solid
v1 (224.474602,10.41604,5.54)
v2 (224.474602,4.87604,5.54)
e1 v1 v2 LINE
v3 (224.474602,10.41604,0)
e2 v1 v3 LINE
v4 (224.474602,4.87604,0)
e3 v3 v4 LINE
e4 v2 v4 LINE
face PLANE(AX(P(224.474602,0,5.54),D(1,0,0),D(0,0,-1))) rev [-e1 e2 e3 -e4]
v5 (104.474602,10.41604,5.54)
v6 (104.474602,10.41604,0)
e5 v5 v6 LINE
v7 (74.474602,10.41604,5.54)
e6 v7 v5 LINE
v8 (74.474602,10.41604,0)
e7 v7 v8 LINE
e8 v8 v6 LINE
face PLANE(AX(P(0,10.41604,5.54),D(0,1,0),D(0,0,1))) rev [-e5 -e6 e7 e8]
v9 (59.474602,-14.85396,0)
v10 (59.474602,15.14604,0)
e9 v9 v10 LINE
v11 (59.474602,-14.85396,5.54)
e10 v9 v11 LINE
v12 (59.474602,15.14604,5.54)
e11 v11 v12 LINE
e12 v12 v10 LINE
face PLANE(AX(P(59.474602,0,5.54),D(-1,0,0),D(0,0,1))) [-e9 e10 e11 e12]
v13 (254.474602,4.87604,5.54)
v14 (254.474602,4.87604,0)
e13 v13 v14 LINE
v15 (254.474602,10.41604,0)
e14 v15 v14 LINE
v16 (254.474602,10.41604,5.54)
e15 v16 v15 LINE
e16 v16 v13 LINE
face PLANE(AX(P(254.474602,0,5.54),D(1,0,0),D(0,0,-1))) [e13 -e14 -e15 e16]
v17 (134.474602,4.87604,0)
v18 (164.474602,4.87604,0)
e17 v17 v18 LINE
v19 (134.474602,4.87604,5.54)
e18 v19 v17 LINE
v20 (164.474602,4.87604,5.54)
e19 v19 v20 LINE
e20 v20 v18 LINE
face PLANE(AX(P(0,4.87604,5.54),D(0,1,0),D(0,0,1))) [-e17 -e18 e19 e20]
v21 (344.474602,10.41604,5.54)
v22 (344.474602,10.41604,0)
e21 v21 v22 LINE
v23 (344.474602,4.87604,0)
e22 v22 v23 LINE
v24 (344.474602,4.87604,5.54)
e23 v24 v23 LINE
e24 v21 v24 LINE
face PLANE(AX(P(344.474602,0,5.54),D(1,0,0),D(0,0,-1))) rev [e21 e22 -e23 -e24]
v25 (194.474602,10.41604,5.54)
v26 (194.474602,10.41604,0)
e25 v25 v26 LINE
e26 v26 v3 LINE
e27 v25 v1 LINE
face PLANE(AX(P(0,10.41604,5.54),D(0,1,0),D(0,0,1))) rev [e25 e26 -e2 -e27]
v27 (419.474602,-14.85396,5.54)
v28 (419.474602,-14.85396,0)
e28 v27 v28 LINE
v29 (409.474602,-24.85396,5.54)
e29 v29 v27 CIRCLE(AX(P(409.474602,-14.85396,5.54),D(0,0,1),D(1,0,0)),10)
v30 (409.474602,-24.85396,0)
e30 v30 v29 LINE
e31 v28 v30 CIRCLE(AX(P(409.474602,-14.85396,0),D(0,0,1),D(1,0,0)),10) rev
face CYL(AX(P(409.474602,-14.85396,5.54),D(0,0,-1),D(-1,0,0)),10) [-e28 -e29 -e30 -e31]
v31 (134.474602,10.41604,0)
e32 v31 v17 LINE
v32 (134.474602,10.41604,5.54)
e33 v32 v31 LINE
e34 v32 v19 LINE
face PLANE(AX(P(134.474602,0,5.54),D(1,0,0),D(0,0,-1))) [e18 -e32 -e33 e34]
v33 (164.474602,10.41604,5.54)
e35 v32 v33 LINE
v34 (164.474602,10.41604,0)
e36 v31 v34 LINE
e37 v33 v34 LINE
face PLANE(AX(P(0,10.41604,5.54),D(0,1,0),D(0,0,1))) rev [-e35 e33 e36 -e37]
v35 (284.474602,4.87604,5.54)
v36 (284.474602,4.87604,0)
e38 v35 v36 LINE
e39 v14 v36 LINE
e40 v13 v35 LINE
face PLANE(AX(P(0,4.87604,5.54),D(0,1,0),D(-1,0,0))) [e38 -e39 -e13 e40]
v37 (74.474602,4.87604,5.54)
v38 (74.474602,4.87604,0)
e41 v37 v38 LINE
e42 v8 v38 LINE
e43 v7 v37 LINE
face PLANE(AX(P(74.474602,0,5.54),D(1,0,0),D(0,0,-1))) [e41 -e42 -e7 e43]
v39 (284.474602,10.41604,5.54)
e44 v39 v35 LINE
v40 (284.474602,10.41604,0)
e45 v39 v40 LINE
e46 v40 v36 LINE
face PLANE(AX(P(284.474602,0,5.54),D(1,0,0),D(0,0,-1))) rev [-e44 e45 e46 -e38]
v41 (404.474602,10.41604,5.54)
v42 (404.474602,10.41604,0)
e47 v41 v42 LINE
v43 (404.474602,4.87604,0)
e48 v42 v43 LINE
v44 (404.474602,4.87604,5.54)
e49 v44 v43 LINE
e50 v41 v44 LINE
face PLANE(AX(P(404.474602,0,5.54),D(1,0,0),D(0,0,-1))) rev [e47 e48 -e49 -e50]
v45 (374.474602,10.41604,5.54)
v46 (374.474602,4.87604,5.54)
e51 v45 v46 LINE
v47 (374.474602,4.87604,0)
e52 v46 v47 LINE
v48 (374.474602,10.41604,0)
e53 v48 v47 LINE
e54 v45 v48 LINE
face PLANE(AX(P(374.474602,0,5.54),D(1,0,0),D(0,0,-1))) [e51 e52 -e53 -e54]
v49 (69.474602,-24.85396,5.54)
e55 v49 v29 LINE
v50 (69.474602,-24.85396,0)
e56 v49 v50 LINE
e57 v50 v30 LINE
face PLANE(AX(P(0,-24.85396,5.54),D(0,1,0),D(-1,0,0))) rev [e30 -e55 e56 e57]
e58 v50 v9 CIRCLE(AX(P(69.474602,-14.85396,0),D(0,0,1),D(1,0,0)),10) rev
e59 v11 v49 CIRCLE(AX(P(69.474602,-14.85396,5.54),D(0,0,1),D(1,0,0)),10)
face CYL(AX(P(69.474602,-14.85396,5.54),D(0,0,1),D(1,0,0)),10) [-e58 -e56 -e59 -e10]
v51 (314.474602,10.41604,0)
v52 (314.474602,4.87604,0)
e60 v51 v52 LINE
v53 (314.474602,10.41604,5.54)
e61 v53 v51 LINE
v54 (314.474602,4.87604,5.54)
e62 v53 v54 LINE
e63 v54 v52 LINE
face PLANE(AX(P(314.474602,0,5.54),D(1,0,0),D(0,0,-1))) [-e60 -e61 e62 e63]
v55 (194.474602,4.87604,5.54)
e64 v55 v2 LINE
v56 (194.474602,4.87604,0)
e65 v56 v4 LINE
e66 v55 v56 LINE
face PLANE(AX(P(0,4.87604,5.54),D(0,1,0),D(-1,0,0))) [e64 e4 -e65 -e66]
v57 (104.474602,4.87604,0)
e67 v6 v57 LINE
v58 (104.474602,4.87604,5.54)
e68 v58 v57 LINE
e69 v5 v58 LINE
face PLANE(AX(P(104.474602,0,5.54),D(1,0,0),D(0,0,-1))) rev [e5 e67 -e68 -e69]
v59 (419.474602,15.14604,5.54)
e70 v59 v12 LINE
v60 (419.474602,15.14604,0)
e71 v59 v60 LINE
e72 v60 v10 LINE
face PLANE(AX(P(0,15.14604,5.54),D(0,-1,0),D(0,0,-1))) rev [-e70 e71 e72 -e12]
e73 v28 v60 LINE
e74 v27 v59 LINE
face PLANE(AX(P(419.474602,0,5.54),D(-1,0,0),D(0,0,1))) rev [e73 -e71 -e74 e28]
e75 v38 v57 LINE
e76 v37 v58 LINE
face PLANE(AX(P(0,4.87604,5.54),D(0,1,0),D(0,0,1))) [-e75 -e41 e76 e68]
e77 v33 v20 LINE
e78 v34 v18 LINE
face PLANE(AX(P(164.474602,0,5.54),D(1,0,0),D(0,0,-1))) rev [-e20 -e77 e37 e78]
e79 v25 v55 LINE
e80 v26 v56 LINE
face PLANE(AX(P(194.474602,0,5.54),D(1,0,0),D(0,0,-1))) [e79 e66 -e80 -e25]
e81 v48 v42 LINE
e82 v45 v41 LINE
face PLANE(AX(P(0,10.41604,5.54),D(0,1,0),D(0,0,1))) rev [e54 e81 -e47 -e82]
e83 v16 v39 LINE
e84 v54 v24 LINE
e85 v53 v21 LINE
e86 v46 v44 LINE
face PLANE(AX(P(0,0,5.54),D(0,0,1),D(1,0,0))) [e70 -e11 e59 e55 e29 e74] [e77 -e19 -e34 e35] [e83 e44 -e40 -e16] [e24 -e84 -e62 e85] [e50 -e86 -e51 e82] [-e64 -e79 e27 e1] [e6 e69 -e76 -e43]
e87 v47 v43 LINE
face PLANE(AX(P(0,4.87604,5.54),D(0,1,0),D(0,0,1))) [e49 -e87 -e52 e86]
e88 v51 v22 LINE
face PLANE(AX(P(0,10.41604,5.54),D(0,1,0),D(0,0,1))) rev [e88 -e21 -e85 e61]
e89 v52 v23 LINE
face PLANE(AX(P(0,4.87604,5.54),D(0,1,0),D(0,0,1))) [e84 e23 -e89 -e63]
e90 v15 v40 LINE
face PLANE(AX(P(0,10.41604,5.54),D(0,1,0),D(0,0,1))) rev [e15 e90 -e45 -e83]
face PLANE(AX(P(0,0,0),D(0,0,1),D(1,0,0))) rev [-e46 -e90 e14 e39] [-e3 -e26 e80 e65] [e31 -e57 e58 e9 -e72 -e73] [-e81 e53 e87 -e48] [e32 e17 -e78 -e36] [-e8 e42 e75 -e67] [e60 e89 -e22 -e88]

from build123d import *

# Parameters (mm, degrees)
SKETCH2_W           = 360
SKETCH2_H           = 40
SKETCH2_W_2         = 30
SKETCH2_H_2         = 5.54
BOSS_EXTRUDE1_DEPTH = 5.54
FILLET1_R           = 10


with BuildPart() as part:
    # Sketch2 → Boss-Extrude1 (new body)
    with BuildSketch(Plane.XY):
        with Locations((239.474602118, -4.853960239)):
            Rectangle(SKETCH2_W, SKETCH2_H)
        with Locations((89.474602118, 7.646039761)):
            Rectangle(SKETCH2_W_2, SKETCH2_H_2, mode=Mode.SUBTRACT)
        with Locations((149.474602118, 7.646039761)):
            Rectangle(SKETCH2_W_2, SKETCH2_H_2, mode=Mode.SUBTRACT)
        with Locations((209.474602118, 7.646039761)):
            Rectangle(SKETCH2_W_2, SKETCH2_H_2, mode=Mode.SUBTRACT)
        with Locations((269.474602118, 7.646039761)):
            Rectangle(SKETCH2_W_2, SKETCH2_H_2, mode=Mode.SUBTRACT)
        with Locations((329.474602118, 7.646039761)):
            Rectangle(SKETCH2_W_2, SKETCH2_H_2, mode=Mode.SUBTRACT)
        with Locations((389.474602118, 7.646039761)):
            Rectangle(SKETCH2_W_2, SKETCH2_H_2, mode=Mode.SUBTRACT)
    extrude(amount=BOSS_EXTRUDE1_DEPTH)

    # Fillet1
    fillet1_edges = [part.edges().sort_by_distance(p)[0] for p in [
        (419.474602118, -24.853960239, 2.77),
        (59.474602118, -24.853960239, 2.77),
    ]]
    fillet(fillet1_edges, radius=FILLET1_R)


solid = part.part
